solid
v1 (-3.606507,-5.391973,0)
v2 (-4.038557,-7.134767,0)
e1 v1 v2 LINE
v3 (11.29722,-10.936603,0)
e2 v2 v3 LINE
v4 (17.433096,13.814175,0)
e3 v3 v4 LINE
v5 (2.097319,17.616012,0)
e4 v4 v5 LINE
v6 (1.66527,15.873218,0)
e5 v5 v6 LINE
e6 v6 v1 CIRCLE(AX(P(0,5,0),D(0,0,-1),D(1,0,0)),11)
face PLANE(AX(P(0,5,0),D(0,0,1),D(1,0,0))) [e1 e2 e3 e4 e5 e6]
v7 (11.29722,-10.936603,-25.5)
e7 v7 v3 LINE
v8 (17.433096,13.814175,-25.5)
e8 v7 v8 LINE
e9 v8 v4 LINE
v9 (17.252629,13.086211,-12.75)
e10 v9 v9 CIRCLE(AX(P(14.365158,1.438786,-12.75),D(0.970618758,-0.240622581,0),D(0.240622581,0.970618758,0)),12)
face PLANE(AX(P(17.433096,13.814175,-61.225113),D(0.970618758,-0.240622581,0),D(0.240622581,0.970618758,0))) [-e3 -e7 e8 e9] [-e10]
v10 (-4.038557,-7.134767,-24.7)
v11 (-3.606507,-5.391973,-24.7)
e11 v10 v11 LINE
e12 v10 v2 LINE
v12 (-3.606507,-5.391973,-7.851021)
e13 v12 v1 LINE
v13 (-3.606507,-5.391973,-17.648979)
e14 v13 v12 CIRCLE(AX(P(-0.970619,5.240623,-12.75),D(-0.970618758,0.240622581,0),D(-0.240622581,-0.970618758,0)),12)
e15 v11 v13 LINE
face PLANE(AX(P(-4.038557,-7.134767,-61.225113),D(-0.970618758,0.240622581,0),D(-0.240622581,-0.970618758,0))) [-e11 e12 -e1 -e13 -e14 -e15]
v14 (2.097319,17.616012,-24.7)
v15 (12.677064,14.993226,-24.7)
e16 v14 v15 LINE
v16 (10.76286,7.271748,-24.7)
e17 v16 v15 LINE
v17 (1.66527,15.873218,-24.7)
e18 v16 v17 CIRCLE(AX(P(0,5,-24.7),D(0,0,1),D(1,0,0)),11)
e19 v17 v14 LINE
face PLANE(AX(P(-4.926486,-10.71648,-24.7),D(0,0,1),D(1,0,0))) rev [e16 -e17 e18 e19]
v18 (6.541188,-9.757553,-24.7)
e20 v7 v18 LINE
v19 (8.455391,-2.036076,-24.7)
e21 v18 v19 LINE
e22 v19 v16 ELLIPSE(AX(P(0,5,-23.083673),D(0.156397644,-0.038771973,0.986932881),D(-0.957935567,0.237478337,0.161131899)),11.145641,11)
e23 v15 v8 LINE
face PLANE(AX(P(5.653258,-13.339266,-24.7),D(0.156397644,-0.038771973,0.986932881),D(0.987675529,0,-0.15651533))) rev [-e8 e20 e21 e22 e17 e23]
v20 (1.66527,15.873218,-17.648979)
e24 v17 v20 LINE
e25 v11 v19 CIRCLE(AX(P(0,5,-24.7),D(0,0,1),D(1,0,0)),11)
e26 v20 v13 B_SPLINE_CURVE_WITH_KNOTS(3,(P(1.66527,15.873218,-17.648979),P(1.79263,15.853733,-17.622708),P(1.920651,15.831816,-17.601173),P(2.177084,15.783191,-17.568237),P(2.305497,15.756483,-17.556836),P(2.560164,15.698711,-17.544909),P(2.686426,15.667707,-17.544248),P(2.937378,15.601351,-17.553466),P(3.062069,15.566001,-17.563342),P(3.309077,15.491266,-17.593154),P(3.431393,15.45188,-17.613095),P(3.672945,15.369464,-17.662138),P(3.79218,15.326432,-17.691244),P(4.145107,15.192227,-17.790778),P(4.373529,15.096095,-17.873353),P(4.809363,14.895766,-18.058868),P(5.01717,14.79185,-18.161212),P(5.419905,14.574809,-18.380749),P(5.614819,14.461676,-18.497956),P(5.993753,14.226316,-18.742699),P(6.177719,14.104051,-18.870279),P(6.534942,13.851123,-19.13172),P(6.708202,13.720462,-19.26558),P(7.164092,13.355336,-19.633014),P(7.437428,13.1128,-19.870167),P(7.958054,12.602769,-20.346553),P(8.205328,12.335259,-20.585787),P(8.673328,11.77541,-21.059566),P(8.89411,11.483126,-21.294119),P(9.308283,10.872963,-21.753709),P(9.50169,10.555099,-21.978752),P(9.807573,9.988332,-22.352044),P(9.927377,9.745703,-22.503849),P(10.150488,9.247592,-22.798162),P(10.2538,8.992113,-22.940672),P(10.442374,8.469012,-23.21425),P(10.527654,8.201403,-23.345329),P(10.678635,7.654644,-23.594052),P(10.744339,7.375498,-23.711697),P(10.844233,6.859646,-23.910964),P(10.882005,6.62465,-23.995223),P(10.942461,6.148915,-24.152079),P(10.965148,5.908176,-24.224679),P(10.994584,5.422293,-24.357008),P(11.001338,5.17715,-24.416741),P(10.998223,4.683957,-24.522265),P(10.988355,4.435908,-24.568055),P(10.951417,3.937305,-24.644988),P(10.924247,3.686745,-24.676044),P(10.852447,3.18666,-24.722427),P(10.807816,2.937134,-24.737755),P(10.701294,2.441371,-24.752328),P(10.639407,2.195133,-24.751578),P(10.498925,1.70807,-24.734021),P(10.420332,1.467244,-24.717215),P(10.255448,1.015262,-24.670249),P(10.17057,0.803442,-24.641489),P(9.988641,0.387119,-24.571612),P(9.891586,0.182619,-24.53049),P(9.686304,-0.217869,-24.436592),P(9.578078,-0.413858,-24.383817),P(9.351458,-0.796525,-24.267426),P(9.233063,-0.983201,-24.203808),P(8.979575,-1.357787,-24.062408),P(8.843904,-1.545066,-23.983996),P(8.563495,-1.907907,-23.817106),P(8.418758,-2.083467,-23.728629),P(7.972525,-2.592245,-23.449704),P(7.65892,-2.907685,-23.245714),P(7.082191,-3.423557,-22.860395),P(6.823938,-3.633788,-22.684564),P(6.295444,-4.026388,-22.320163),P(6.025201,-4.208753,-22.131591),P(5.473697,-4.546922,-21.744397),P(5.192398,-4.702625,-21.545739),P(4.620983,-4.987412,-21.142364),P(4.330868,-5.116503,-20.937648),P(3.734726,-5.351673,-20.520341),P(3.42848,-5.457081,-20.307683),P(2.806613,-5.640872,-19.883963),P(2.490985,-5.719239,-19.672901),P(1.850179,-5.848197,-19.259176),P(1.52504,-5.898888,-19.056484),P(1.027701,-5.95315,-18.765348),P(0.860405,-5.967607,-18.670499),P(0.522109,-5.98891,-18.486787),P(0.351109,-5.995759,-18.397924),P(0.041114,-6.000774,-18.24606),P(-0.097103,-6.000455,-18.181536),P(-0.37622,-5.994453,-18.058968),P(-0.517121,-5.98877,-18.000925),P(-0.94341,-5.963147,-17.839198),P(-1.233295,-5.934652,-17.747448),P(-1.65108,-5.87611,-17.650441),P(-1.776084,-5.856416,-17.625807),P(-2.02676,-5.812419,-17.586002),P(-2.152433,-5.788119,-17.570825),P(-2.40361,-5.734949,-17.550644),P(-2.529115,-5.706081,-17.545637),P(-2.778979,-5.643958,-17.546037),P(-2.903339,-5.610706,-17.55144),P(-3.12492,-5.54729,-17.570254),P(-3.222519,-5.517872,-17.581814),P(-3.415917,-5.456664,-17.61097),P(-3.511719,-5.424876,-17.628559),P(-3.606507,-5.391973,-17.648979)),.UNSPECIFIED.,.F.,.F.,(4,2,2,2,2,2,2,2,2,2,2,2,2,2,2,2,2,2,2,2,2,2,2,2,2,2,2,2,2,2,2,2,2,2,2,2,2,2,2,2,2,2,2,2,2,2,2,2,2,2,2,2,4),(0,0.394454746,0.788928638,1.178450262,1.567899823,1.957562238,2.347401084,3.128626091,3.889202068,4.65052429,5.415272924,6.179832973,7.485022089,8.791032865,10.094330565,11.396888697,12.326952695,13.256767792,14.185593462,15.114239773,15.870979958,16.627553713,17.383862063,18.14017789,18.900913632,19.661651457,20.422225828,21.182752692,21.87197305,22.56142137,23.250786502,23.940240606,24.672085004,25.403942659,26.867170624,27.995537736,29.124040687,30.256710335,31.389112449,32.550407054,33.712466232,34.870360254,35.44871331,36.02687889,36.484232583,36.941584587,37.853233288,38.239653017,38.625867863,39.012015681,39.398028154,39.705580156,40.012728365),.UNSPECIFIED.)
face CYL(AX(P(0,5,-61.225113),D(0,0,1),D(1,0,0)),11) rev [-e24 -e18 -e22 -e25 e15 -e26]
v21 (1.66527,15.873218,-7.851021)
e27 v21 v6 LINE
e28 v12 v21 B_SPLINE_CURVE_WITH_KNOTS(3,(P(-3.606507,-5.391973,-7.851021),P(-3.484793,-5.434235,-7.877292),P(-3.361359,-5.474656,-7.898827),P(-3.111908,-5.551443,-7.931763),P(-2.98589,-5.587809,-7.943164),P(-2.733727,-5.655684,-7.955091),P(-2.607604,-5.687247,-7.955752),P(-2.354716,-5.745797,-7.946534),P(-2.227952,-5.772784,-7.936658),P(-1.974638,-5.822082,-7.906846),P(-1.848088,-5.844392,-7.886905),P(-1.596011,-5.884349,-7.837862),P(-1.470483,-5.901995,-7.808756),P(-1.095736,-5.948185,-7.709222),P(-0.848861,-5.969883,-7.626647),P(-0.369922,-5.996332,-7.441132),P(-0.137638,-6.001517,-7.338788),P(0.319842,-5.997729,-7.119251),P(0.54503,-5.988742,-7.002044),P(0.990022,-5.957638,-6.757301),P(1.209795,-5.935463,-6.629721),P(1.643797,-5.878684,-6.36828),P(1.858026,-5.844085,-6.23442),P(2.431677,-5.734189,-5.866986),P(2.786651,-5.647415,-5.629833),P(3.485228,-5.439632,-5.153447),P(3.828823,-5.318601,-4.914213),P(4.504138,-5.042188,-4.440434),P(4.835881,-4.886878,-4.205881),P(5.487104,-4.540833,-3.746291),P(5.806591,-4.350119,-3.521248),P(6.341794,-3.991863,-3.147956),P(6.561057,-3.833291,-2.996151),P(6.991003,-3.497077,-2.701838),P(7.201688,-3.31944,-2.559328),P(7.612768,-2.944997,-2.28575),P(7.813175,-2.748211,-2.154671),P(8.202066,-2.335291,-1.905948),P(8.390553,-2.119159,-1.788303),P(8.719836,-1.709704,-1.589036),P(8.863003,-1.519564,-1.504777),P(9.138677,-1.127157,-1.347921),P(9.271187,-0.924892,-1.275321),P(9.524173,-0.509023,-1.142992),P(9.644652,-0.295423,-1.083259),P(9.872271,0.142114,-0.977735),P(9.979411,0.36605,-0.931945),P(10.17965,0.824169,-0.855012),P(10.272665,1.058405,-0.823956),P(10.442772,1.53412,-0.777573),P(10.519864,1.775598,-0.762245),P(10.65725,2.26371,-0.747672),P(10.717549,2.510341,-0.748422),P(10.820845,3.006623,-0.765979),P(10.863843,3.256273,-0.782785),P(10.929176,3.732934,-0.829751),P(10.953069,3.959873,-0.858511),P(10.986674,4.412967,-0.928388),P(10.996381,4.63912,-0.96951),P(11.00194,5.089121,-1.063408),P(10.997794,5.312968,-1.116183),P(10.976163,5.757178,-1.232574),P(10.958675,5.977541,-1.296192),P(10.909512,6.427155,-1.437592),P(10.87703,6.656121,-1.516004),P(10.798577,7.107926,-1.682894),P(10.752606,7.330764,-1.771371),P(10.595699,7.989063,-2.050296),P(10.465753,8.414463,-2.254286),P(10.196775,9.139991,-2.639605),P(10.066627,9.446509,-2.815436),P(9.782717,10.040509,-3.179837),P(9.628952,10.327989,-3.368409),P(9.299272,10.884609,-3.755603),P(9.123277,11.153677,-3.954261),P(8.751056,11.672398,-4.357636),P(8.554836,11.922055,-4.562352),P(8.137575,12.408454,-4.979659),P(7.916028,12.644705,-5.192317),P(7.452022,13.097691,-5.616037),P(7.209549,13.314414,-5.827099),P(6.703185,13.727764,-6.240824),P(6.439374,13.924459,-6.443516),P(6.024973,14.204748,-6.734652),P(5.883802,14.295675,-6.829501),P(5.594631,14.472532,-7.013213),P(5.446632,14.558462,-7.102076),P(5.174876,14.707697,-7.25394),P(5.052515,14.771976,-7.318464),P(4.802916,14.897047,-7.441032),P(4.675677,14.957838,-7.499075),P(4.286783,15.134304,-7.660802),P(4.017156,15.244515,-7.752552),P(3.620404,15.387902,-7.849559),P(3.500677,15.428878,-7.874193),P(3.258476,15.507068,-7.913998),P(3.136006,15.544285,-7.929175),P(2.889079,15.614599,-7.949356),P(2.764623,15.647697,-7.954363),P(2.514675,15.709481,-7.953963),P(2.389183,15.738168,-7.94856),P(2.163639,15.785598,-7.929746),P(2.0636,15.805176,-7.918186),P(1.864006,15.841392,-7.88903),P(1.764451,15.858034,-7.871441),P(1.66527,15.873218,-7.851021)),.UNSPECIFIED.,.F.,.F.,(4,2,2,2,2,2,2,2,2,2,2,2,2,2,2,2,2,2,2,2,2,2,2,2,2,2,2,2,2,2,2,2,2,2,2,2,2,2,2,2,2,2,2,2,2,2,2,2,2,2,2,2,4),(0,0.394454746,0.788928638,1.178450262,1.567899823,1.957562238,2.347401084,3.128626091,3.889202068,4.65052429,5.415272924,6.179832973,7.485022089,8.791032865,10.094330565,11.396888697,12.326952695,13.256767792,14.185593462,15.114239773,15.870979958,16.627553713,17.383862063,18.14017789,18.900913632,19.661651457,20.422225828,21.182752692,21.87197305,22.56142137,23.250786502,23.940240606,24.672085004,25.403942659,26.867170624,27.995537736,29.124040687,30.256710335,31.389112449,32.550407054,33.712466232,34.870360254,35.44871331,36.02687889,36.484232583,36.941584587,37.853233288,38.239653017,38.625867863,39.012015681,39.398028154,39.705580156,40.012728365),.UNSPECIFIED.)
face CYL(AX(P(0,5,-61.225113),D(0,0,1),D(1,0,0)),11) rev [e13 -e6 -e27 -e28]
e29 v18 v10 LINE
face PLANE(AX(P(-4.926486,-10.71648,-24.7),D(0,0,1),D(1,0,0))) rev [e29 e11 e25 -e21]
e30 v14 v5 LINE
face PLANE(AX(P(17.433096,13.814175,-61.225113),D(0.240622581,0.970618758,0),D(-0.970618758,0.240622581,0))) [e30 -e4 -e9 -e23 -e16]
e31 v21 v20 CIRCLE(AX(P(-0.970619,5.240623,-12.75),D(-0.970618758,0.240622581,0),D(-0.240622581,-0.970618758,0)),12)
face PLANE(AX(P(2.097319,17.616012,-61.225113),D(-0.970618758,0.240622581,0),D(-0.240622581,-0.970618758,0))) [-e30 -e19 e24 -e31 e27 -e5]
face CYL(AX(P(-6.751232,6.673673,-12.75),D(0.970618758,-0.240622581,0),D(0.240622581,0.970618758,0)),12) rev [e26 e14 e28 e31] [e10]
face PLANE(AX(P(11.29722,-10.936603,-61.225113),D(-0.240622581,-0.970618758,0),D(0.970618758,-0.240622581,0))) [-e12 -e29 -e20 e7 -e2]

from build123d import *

# Parameters (mm, degrees)
RESSALTO_EXTRUS_O1_DEPTH = 25.5
CORTE_EXTRUS_O1_DEPTH    = 30.19013409
ESBO_O3_R                = 12
CORTE_EXTRUS_O2_DEPTH    = 22.755596158


with BuildPart() as part:
    # Esboço1 → Ressalto-extrusão1 (new body)
    with BuildSketch(Plane.XY):
        with BuildLine():
            Line((17.433095525, 13.814174971), (2.097319146, 17.616011747))
            Line((2.097319146, 17.616011747), (1.665269548, 15.873218352))
            ThreePointArc((1.665269548, 15.873218352), (10.676806339, 2.353151612), (-3.606507064, -5.391973191))
            Line((-3.606507064, -5.391973191), (-4.038556662, -7.134766585))
            Line((-4.038556662, -7.134766585), (11.297219716, -10.936603361))
            Line((11.297219716, -10.936603361), (17.433095525, 13.814174971))
        make_face()
    extrude(amount=-RESSALTO_EXTRUS_O1_DEPTH)

    # Esboço2 → Corte-extrusão1 (cut, through all)
    with BuildSketch(Plane(origin=(4.235701857, 17.085893034, 0), x_dir=(0, 0, 1), z_dir=(0.240622581, 0.970618758, 0))):
        Polygon((-24.7, -2.203112904), (-24.7, 8.696887096), (-25.5, 13.596887096), (-25.5, -2.203112904), align=None)
    extrude(amount=-CORTE_EXTRUS_O1_DEPTH, mode=Mode.SUBTRACT)

    # Esboço3 → Corte-extrusão2 (cut, through all)
    with BuildSketch(Plane(origin=(13.197393668, -3.271718063, 0), x_dir=(-0.240622581, -0.970618758, 0), z_dir=(0.970618758, -0.240622581, 0))):
        with Locations((-4.853093791, 12.75)):
            Circle(ESBO_O3_R)
    extrude(amount=-CORTE_EXTRUS_O2_DEPTH, mode=Mode.SUBTRACT)


solid = part.part
